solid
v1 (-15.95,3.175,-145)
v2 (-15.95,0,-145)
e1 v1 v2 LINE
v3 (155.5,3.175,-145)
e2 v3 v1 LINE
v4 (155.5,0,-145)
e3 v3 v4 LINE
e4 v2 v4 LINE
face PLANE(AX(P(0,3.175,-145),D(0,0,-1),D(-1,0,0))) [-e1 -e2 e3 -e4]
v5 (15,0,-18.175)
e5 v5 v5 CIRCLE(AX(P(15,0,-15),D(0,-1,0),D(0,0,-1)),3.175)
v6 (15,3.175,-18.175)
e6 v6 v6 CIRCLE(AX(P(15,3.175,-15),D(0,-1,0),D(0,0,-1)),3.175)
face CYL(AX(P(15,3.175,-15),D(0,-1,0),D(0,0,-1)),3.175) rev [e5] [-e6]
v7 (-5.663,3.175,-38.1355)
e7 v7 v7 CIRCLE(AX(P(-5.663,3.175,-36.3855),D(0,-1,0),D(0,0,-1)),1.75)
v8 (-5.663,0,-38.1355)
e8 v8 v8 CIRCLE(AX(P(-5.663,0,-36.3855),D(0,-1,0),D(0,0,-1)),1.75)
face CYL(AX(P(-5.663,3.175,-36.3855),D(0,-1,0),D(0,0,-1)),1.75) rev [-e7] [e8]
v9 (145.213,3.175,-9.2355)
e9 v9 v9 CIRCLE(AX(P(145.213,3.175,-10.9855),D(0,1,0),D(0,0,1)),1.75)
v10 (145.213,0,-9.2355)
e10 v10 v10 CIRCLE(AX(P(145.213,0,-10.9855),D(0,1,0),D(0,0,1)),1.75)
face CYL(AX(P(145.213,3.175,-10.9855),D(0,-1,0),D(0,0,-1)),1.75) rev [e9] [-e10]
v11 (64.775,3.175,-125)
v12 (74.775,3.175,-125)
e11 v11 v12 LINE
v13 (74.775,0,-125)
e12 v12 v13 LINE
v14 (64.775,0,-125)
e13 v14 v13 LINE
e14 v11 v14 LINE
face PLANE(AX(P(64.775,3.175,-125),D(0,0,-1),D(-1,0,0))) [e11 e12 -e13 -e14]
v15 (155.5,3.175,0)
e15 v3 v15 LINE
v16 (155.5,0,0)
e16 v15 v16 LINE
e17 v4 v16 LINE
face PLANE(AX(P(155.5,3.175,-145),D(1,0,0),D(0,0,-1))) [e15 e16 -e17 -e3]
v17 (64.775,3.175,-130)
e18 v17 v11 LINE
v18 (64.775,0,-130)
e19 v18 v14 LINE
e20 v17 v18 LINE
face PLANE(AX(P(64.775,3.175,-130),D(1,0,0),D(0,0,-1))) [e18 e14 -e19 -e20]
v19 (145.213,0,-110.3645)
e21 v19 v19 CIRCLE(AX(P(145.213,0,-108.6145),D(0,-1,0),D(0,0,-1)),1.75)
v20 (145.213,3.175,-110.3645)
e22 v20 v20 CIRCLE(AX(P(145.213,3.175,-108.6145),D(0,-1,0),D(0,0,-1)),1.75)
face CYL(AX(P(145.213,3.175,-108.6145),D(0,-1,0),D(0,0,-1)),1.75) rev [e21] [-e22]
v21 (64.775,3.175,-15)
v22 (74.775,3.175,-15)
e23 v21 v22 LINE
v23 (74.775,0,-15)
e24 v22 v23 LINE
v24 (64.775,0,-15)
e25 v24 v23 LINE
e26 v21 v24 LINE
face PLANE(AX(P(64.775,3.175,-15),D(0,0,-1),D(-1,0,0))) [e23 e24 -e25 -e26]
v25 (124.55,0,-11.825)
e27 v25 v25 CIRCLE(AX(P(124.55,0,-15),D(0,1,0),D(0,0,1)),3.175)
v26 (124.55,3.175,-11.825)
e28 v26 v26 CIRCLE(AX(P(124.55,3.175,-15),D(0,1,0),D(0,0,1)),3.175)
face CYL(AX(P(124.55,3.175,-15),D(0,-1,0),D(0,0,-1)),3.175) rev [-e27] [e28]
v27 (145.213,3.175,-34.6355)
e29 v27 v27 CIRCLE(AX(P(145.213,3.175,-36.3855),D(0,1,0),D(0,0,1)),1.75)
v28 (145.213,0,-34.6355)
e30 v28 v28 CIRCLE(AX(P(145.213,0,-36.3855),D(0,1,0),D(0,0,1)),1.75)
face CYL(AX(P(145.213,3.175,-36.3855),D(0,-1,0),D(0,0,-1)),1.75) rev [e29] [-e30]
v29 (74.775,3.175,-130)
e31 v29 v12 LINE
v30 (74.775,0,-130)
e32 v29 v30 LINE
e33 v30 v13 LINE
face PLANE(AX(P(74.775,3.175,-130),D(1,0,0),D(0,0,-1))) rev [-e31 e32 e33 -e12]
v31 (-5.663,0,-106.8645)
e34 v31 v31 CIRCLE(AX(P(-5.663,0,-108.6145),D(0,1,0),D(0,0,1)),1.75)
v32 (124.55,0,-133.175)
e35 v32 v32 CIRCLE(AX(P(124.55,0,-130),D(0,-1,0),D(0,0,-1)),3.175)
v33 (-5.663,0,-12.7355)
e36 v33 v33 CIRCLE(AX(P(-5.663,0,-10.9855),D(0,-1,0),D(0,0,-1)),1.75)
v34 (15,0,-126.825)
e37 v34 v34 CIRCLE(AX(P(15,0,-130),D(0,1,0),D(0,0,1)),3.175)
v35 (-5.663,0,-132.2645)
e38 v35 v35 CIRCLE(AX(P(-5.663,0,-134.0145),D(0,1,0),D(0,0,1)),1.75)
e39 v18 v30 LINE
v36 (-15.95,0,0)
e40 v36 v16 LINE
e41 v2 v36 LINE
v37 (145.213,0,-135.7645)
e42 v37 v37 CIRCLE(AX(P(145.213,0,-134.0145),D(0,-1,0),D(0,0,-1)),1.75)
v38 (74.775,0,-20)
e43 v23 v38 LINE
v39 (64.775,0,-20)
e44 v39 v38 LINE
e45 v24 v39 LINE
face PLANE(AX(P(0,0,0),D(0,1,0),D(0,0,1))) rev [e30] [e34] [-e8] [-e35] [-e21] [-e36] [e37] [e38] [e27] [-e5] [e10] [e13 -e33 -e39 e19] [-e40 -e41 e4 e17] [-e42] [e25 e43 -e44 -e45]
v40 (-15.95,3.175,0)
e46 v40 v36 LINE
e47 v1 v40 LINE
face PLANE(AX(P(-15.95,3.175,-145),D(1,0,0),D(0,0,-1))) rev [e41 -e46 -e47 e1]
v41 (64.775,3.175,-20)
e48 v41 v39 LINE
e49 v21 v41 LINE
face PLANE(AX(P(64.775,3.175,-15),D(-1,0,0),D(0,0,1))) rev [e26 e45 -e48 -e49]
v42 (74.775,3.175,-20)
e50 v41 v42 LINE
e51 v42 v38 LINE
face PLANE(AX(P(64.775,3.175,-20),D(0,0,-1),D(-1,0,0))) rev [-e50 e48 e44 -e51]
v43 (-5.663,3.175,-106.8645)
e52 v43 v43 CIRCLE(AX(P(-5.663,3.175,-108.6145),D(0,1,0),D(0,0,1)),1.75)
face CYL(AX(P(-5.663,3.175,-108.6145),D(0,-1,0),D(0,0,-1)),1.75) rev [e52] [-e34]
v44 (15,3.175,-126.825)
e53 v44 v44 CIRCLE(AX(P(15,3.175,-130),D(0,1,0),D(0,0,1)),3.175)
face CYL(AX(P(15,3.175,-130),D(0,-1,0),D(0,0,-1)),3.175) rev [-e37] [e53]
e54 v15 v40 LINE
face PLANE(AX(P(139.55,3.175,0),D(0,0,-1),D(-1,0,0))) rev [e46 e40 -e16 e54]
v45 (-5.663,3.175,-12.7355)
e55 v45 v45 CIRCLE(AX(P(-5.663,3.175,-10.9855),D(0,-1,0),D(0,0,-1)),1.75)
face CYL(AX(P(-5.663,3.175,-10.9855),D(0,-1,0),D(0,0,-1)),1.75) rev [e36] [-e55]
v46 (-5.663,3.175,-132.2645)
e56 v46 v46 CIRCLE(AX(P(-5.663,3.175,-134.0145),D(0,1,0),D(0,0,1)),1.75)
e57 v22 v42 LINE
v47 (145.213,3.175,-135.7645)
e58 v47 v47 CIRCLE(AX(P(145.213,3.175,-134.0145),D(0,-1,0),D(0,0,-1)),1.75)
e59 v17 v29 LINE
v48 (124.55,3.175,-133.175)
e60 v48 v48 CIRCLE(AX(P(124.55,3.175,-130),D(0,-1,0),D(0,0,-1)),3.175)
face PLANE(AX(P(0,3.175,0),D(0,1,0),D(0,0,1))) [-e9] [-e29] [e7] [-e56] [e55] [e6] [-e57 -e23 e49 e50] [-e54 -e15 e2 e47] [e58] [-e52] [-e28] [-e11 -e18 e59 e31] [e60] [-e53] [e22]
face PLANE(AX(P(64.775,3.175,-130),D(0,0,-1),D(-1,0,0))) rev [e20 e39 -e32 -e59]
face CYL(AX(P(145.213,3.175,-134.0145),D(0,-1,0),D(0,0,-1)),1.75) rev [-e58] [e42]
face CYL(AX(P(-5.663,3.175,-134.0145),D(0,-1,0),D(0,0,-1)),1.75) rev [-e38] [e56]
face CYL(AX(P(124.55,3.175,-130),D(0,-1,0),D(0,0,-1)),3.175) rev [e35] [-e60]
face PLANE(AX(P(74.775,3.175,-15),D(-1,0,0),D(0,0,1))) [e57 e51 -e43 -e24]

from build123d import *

# Parameters (mm, degrees)
SKETCH1_R           = 3.175
SKETCH1_R_2         = 1.75
SKETCH1_W           = 10
SKETCH1_H           = 5
BOSS_EXTRUDE2_DEPTH = 3.175


with BuildPart() as part:
    # Sketch1 → Boss-Extrude2 (new body)
    with BuildSketch(Plane(origin=(0, 0, 0), x_dir=(1, 0, 0), z_dir=(0, 1, 0))):
        Polygon((0, 0), (139.55, 0), (155.5, 0), (155.5, 145), (139.55, 145), (0, 145), (-15.95, 145), (-15.95, 0), align=None)
        with Locations(Location((15, 130, 0), (0, 0, 270))):
            Circle(SKETCH1_R, mode=Mode.SUBTRACT)
        with Locations(Location((124.55, 130, 0), (0, 0, 90))):
            Circle(SKETCH1_R, mode=Mode.SUBTRACT)
        with Locations(Location((15, 15, 0), (0, 0, 90))):
            Circle(SKETCH1_R, mode=Mode.SUBTRACT)
        with Locations(Location((124.55, 15, 0), (0, 0, 270))):
            Circle(SKETCH1_R, mode=Mode.SUBTRACT)
        with Locations(Location((-5.663, 134.0145, 0), (0, 0, 270))):
            Circle(SKETCH1_R_2, mode=Mode.SUBTRACT)
        with Locations(Location((-5.663, 108.6145, 0), (0, 0, 270))):
            Circle(SKETCH1_R_2, mode=Mode.SUBTRACT)
        with Locations(Location((145.213, 134.0145, 0), (0, 0, 90))):
            Circle(SKETCH1_R_2, mode=Mode.SUBTRACT)
        with Locations(Location((145.213, 108.6145, 0), (0, 0, 90))):
            Circle(SKETCH1_R_2, mode=Mode.SUBTRACT)
        with Locations(Location((145.213, 10.9855, 0), (0, 0, 270))):
            Circle(SKETCH1_R_2, mode=Mode.SUBTRACT)
        with Locations(Location((-5.663, 10.9855, 0), (0, 0, 90))):
            Circle(SKETCH1_R_2, mode=Mode.SUBTRACT)
        with Locations(Location((145.213, 36.3855, 0), (0, 0, 270))):
            Circle(SKETCH1_R_2, mode=Mode.SUBTRACT)
        with Locations(Location((-5.663, 36.3855, 0), (0, 0, 90))):
            Circle(SKETCH1_R_2, mode=Mode.SUBTRACT)
        with Locations((69.775, 127.5)):
            Rectangle(SKETCH1_W, SKETCH1_H, mode=Mode.SUBTRACT)
        with Locations((69.775, 17.5)):
            Rectangle(SKETCH1_W, SKETCH1_H, mode=Mode.SUBTRACT)
    extrude(amount=BOSS_EXTRUDE2_DEPTH)


solid = part.part
